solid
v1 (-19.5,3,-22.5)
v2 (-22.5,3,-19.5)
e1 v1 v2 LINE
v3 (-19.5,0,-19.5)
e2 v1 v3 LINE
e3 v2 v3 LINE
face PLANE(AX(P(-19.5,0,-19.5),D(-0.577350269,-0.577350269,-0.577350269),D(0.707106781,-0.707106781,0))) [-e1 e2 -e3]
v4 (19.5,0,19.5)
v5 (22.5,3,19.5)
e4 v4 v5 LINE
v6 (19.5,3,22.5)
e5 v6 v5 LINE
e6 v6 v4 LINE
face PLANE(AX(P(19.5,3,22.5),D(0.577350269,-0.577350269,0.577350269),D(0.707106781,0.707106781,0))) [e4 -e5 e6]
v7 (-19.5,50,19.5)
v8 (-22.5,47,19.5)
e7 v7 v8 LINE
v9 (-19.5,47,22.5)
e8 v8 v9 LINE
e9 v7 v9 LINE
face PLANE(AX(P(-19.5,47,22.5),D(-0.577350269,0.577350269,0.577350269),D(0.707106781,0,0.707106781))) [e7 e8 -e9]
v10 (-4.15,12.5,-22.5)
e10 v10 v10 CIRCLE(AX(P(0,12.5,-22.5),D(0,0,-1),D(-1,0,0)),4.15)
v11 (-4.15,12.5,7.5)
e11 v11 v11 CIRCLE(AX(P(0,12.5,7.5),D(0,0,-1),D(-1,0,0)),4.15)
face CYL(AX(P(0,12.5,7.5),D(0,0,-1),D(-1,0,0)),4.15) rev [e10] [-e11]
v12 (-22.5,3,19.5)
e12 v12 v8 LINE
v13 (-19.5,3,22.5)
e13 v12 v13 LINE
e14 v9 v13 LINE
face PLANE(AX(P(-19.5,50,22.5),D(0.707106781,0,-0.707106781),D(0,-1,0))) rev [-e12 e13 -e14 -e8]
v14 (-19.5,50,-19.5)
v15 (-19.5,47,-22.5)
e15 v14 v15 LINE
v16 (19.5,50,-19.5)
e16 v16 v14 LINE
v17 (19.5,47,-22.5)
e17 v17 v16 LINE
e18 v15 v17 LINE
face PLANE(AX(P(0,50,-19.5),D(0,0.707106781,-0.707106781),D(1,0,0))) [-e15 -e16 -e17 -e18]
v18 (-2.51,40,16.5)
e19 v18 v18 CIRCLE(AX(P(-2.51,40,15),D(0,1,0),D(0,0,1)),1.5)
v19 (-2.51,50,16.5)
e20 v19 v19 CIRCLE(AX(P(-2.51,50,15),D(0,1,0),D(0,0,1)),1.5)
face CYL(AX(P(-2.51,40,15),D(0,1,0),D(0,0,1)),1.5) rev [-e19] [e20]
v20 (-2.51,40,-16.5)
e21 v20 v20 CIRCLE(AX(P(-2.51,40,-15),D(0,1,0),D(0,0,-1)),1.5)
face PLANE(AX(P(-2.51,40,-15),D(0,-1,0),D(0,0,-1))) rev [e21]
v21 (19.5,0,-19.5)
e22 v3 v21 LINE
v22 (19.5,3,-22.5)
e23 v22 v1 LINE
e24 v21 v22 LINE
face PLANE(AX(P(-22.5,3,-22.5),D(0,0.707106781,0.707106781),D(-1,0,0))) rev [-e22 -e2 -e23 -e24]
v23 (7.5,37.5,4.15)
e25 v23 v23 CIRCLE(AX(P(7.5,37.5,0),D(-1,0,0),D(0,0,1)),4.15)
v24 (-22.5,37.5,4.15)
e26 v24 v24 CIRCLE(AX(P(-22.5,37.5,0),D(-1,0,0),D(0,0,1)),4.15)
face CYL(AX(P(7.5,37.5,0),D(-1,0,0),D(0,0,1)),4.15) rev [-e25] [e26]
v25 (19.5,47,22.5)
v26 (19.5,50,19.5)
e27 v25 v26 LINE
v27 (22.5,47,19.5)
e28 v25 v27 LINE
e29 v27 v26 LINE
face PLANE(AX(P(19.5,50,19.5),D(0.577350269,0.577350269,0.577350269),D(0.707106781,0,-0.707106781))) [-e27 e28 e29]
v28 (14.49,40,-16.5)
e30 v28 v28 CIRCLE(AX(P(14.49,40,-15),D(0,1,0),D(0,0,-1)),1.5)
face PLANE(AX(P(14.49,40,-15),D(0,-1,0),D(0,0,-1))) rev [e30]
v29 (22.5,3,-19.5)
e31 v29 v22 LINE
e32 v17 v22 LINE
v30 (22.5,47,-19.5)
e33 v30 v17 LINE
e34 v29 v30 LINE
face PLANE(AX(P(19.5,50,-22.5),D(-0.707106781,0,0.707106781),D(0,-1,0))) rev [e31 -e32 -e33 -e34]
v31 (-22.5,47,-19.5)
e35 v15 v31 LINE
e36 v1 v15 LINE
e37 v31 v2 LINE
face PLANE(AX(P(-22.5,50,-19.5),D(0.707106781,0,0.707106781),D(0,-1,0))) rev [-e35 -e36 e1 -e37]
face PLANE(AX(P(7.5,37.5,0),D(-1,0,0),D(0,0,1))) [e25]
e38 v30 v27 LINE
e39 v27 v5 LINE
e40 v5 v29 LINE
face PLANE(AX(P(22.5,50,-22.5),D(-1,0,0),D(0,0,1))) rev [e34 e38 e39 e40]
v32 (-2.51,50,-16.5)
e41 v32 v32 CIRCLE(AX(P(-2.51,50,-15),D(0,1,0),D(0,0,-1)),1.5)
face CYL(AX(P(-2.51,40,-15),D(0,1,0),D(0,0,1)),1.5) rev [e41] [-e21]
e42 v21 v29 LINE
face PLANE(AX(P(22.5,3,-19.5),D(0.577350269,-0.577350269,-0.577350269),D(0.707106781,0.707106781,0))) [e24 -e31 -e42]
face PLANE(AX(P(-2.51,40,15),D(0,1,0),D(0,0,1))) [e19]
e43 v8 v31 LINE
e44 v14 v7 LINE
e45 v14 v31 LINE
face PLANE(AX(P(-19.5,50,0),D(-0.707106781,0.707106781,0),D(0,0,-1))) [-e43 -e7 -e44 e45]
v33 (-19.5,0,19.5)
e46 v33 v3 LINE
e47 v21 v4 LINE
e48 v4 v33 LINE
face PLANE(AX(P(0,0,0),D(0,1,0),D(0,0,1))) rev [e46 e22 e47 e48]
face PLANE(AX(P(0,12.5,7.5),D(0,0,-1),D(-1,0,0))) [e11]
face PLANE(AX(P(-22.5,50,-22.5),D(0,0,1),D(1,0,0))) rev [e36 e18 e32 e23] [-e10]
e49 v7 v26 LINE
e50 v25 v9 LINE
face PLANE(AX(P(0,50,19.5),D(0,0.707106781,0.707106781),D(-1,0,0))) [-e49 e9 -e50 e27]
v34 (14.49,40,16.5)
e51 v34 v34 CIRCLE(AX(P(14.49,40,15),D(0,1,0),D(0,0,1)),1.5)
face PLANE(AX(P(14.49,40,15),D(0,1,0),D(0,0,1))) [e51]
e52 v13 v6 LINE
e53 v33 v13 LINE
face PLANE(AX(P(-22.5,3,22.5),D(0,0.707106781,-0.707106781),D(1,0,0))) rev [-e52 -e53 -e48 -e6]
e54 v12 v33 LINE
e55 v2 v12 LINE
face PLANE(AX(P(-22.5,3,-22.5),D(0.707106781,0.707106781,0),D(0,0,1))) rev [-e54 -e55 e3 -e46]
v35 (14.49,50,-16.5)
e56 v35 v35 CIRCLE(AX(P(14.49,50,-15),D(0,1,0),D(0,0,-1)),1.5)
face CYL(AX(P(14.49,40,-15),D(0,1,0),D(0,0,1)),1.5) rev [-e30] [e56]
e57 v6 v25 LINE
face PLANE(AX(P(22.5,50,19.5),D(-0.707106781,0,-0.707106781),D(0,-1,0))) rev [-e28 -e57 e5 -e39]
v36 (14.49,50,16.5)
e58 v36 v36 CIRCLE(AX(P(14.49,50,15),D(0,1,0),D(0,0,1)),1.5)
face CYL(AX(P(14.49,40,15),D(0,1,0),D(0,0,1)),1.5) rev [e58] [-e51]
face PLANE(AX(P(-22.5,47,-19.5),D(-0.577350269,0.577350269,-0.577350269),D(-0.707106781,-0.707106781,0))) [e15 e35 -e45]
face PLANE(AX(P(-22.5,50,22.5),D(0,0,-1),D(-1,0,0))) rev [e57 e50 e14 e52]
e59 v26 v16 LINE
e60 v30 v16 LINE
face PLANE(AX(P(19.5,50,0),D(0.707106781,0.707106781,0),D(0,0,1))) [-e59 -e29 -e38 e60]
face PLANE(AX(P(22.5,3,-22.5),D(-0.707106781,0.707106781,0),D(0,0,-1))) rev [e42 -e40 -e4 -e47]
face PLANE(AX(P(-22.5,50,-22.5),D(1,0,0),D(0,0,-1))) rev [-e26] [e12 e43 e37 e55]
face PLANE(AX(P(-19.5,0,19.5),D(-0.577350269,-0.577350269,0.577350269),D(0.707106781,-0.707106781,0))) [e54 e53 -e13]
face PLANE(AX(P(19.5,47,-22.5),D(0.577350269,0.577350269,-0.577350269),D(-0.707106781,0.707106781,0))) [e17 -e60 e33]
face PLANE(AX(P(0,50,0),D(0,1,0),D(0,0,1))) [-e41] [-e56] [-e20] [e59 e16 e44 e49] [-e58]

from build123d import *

# Parameters (mm, degrees)
SKETCH1_W           = 45
SKETCH1_H           = 45
BOSS_EXTRUDE1_DEPTH = 50
SKETCH2_R           = 4.15
CUT_EXTRUDE1_DEPTH  = 30
SKETCH3_R           = 4.15
CUT_EXTRUDE2_DEPTH  = 30
CHAMFER1_SIZE       = 3
SKETCH5_R           = 1.5
CUT_EXTRUDE3_DEPTH  = 10


with BuildPart() as part:
    # Sketch1 → Boss-Extrude1 (new body)
    with BuildSketch(Plane(origin=(0, 0, 0), x_dir=(1, 0, 0), z_dir=(0, 1, 0))):
        Rectangle(SKETCH1_W, SKETCH1_H)
    extrude(amount=BOSS_EXTRUDE1_DEPTH)

    # Sketch2 → Cut-Extrude1 (cut)
    with BuildSketch(Plane(origin=(0, 0, -22.5), x_dir=(-1, 0, 0), z_dir=(0, 0, -1))):
        with Locations((0, 12.5)):
            Circle(SKETCH2_R)
    extrude(amount=-CUT_EXTRUDE1_DEPTH, mode=Mode.SUBTRACT)

    # Sketch3 → Cut-Extrude2 (cut)
    with BuildSketch(Plane.ZY.offset(22.5)):
        with Locations((0, 37.5)):
            Circle(SKETCH3_R)
    extrude(amount=-CUT_EXTRUDE2_DEPTH, mode=Mode.SUBTRACT)

    # Chamfer1
    chamfer1_edges = [part.edges().sort_by_distance(p)[0] for p in [
        (-22.5, 50, 0),
        (0, 50, 22.5),
        (22.5, 50, 0),
        (0, 0, 22.5),
        (-22.5, 0, 0),
        (0, 0, -22.5),
        (22.5, 0, 0),
        (22.5, 25, 22.5),
        (-22.5, 25, 22.5),
        (-22.5, 25, -22.5),
        (22.5, 25, -22.5),
        (0, 50, -22.5),
    ]]
    chamfer(chamfer1_edges, length=CHAMFER1_SIZE)

    # Sketch5 → Cut-Extrude3 (cut)
    with BuildSketch(Plane(origin=(0, 50, 0), x_dir=(1, 0, 0), z_dir=(0, 1, 0))):
        with Locations(Location((-2.51, -15, 0), (0, 0, 270))):
            Circle(SKETCH5_R)
        with Locations(Location((14.49, -15, 0), (0, 0, 270))):
            Circle(SKETCH5_R)
        with Locations(Location((14.49, 15, 0), (0, 0, 90))):
            Circle(SKETCH5_R)
        with Locations(Location((-2.51, 15, 0), (0, 0, 90))):
            Circle(SKETCH5_R)
    extrude(amount=-CUT_EXTRUDE3_DEPTH, mode=Mode.SUBTRACT)


solid = part.part
